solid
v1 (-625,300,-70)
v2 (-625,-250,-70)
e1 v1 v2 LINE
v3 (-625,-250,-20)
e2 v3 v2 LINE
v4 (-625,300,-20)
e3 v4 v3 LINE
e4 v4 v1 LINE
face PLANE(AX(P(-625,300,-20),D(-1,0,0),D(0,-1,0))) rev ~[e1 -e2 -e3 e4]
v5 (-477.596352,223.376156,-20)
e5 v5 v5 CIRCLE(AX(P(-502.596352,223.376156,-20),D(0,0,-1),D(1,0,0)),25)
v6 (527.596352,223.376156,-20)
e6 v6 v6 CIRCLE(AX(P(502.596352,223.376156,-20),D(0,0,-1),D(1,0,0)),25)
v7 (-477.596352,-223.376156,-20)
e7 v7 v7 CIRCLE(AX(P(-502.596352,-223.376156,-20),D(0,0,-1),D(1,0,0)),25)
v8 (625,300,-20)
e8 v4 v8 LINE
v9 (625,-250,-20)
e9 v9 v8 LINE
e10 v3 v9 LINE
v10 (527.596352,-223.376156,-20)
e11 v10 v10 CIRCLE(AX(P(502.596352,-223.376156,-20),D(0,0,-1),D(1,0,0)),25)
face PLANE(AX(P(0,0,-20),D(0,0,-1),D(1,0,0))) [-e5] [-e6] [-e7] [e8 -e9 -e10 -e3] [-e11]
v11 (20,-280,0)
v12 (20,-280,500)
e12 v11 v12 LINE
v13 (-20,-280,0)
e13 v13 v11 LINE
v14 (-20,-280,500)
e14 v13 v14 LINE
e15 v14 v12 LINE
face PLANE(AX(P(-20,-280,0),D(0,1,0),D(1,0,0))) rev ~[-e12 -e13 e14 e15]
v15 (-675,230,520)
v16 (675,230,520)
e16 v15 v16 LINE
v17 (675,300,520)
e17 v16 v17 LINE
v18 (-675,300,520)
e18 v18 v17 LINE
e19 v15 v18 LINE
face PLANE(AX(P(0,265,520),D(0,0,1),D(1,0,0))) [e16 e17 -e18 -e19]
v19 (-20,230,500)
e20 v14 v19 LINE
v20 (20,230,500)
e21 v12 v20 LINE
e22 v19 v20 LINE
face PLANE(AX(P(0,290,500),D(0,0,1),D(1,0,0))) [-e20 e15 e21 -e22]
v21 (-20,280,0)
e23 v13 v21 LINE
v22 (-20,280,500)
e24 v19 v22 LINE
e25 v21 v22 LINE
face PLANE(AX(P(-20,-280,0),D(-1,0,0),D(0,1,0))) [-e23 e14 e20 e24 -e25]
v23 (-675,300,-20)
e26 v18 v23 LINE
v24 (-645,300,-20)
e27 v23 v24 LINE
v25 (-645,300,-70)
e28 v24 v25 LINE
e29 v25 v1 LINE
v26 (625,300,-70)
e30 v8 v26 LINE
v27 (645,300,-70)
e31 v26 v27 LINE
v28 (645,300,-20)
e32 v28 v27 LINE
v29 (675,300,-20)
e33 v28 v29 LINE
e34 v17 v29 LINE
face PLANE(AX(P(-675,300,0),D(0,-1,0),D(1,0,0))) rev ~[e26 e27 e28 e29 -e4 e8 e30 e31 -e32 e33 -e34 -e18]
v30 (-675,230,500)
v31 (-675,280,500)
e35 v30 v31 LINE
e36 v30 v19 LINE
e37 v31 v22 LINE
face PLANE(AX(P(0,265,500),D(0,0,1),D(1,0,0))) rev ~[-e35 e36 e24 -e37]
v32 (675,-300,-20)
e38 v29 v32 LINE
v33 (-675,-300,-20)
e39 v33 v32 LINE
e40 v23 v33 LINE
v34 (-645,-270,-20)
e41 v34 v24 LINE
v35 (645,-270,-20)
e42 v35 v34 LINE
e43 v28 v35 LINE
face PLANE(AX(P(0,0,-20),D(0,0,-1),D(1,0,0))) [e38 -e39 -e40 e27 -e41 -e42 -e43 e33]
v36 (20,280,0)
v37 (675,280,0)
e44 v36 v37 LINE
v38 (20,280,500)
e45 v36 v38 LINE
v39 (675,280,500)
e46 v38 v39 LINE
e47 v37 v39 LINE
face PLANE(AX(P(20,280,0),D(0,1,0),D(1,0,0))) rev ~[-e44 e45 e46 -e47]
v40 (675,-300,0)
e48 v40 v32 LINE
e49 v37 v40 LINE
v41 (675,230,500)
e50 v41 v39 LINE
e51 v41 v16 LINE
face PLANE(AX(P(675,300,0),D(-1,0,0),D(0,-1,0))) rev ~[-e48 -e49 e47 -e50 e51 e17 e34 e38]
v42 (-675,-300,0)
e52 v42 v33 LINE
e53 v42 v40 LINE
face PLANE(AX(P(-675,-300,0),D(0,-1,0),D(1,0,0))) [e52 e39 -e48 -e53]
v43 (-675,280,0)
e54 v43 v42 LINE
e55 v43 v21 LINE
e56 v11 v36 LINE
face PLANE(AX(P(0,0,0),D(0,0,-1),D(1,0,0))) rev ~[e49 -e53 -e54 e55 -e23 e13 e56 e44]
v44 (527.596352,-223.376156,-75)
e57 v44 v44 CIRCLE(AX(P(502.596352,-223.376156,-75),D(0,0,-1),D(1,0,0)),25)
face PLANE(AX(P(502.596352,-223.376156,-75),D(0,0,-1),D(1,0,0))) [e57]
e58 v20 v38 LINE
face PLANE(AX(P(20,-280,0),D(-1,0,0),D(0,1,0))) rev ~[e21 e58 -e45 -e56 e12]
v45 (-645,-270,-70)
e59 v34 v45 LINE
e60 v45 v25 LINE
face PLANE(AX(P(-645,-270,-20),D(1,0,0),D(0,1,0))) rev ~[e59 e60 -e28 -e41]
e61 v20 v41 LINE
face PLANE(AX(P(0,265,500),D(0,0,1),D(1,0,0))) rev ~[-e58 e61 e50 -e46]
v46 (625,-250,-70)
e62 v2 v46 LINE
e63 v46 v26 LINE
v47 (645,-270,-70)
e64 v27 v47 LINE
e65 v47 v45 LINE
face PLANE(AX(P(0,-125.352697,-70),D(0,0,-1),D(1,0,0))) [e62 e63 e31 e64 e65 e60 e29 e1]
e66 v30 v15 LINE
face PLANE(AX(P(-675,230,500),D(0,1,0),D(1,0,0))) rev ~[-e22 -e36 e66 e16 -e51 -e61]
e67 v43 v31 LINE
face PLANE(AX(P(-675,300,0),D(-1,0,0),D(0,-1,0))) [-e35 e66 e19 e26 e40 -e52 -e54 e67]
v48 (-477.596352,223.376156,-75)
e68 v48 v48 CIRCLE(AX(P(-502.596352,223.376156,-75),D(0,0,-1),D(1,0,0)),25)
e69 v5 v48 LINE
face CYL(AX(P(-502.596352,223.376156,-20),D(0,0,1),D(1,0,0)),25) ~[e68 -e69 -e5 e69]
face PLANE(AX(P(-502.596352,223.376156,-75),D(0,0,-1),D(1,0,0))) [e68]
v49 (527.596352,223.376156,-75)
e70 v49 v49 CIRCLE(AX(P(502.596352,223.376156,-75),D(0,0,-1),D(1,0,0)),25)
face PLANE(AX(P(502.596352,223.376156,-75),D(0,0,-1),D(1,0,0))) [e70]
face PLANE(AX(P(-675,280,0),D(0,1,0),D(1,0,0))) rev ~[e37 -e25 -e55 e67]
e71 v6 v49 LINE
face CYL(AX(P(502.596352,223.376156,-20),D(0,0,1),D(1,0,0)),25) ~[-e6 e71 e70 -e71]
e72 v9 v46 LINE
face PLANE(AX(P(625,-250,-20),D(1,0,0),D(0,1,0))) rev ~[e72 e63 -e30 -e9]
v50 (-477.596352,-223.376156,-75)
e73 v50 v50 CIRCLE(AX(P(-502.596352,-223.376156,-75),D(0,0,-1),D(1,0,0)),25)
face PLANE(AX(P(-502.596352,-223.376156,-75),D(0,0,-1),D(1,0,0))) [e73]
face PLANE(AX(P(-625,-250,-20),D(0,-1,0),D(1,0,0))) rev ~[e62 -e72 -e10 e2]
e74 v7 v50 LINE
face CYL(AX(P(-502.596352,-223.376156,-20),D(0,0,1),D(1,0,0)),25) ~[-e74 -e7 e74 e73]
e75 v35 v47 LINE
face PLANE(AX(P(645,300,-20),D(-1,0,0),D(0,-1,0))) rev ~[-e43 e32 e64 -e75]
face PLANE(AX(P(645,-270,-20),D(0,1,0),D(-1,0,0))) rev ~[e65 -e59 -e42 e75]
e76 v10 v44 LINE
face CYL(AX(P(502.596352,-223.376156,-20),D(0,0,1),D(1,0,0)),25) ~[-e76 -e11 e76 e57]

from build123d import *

# Parameters (mm, degrees)
F0_W     = 20
F0_H     = 560
F1_DEPTH = 500
F2_W     = 1350
F2_H     = 70
F3_DEPTH = 20
F4_W     = 1350
F4_H     = 600
F5_DEPTH = 20
F6_R     = 25
F7_DEPTH = 55
F9_DEPTH = 50


with BuildPart() as f1:
    # F0 (on Top) → F1 (new body)
    with BuildSketch(Plane.XY):
        Polygon((-675, 280), (-655, 280), (-20, 280), (0, 280), (20, 280), (655, 280), (675, 280), (675, 300), (-675, 300), align=None)
        with Locations((10, 0)):
            Rectangle(F0_W, F0_H)
        with Locations((-10, 0)):
            Rectangle(F0_W, F0_H)
    extrude(amount=F1_DEPTH)

    # F2 (on face) → F3 (join)
    with BuildSketch(Plane.XY.offset(500)):
        with Locations((0, 265)):
            Rectangle(F2_W, F2_H)
    extrude(amount=F3_DEPTH)

    # F4 (on face) → F5 (join)
    with BuildSketch(Plane(origin=(0, 0, 0), x_dir=(1, 0, 0), z_dir=(0, 0, -1))):
        Rectangle(F4_W, F4_H)
    extrude(amount=F5_DEPTH)

    # F6 (on face) → F7 (join)
    with BuildSketch(Plane(origin=(0, 0, -20), x_dir=(1, 0, 0), z_dir=(0, 0, -1))):
        with Locations((-502.596352, 223.376156)):
            Circle(F6_R)
        with Locations((-502.596352, -223.376156)):
            Circle(F6_R)
        with Locations((502.596352, -223.376156)):
            Circle(F6_R)
        with Locations((502.596352, 223.376156)):
            Circle(F6_R)
    extrude(amount=F7_DEPTH)

    # F8 (on face) → F9 (join)
    with BuildSketch(Plane(origin=(0, 0, -20), x_dir=(1, 0, 0), z_dir=(0, 0, -1))):
        Polygon((645, 270), (-645, 270), (-645, -270), (-645, -300), (-625, -300), (-625, -250), (-625, 250), (625, 250), (625, -250), (625, -300), (645, -300), (645, -270), align=None)
    extrude(amount=F9_DEPTH)


solid = f1.part
